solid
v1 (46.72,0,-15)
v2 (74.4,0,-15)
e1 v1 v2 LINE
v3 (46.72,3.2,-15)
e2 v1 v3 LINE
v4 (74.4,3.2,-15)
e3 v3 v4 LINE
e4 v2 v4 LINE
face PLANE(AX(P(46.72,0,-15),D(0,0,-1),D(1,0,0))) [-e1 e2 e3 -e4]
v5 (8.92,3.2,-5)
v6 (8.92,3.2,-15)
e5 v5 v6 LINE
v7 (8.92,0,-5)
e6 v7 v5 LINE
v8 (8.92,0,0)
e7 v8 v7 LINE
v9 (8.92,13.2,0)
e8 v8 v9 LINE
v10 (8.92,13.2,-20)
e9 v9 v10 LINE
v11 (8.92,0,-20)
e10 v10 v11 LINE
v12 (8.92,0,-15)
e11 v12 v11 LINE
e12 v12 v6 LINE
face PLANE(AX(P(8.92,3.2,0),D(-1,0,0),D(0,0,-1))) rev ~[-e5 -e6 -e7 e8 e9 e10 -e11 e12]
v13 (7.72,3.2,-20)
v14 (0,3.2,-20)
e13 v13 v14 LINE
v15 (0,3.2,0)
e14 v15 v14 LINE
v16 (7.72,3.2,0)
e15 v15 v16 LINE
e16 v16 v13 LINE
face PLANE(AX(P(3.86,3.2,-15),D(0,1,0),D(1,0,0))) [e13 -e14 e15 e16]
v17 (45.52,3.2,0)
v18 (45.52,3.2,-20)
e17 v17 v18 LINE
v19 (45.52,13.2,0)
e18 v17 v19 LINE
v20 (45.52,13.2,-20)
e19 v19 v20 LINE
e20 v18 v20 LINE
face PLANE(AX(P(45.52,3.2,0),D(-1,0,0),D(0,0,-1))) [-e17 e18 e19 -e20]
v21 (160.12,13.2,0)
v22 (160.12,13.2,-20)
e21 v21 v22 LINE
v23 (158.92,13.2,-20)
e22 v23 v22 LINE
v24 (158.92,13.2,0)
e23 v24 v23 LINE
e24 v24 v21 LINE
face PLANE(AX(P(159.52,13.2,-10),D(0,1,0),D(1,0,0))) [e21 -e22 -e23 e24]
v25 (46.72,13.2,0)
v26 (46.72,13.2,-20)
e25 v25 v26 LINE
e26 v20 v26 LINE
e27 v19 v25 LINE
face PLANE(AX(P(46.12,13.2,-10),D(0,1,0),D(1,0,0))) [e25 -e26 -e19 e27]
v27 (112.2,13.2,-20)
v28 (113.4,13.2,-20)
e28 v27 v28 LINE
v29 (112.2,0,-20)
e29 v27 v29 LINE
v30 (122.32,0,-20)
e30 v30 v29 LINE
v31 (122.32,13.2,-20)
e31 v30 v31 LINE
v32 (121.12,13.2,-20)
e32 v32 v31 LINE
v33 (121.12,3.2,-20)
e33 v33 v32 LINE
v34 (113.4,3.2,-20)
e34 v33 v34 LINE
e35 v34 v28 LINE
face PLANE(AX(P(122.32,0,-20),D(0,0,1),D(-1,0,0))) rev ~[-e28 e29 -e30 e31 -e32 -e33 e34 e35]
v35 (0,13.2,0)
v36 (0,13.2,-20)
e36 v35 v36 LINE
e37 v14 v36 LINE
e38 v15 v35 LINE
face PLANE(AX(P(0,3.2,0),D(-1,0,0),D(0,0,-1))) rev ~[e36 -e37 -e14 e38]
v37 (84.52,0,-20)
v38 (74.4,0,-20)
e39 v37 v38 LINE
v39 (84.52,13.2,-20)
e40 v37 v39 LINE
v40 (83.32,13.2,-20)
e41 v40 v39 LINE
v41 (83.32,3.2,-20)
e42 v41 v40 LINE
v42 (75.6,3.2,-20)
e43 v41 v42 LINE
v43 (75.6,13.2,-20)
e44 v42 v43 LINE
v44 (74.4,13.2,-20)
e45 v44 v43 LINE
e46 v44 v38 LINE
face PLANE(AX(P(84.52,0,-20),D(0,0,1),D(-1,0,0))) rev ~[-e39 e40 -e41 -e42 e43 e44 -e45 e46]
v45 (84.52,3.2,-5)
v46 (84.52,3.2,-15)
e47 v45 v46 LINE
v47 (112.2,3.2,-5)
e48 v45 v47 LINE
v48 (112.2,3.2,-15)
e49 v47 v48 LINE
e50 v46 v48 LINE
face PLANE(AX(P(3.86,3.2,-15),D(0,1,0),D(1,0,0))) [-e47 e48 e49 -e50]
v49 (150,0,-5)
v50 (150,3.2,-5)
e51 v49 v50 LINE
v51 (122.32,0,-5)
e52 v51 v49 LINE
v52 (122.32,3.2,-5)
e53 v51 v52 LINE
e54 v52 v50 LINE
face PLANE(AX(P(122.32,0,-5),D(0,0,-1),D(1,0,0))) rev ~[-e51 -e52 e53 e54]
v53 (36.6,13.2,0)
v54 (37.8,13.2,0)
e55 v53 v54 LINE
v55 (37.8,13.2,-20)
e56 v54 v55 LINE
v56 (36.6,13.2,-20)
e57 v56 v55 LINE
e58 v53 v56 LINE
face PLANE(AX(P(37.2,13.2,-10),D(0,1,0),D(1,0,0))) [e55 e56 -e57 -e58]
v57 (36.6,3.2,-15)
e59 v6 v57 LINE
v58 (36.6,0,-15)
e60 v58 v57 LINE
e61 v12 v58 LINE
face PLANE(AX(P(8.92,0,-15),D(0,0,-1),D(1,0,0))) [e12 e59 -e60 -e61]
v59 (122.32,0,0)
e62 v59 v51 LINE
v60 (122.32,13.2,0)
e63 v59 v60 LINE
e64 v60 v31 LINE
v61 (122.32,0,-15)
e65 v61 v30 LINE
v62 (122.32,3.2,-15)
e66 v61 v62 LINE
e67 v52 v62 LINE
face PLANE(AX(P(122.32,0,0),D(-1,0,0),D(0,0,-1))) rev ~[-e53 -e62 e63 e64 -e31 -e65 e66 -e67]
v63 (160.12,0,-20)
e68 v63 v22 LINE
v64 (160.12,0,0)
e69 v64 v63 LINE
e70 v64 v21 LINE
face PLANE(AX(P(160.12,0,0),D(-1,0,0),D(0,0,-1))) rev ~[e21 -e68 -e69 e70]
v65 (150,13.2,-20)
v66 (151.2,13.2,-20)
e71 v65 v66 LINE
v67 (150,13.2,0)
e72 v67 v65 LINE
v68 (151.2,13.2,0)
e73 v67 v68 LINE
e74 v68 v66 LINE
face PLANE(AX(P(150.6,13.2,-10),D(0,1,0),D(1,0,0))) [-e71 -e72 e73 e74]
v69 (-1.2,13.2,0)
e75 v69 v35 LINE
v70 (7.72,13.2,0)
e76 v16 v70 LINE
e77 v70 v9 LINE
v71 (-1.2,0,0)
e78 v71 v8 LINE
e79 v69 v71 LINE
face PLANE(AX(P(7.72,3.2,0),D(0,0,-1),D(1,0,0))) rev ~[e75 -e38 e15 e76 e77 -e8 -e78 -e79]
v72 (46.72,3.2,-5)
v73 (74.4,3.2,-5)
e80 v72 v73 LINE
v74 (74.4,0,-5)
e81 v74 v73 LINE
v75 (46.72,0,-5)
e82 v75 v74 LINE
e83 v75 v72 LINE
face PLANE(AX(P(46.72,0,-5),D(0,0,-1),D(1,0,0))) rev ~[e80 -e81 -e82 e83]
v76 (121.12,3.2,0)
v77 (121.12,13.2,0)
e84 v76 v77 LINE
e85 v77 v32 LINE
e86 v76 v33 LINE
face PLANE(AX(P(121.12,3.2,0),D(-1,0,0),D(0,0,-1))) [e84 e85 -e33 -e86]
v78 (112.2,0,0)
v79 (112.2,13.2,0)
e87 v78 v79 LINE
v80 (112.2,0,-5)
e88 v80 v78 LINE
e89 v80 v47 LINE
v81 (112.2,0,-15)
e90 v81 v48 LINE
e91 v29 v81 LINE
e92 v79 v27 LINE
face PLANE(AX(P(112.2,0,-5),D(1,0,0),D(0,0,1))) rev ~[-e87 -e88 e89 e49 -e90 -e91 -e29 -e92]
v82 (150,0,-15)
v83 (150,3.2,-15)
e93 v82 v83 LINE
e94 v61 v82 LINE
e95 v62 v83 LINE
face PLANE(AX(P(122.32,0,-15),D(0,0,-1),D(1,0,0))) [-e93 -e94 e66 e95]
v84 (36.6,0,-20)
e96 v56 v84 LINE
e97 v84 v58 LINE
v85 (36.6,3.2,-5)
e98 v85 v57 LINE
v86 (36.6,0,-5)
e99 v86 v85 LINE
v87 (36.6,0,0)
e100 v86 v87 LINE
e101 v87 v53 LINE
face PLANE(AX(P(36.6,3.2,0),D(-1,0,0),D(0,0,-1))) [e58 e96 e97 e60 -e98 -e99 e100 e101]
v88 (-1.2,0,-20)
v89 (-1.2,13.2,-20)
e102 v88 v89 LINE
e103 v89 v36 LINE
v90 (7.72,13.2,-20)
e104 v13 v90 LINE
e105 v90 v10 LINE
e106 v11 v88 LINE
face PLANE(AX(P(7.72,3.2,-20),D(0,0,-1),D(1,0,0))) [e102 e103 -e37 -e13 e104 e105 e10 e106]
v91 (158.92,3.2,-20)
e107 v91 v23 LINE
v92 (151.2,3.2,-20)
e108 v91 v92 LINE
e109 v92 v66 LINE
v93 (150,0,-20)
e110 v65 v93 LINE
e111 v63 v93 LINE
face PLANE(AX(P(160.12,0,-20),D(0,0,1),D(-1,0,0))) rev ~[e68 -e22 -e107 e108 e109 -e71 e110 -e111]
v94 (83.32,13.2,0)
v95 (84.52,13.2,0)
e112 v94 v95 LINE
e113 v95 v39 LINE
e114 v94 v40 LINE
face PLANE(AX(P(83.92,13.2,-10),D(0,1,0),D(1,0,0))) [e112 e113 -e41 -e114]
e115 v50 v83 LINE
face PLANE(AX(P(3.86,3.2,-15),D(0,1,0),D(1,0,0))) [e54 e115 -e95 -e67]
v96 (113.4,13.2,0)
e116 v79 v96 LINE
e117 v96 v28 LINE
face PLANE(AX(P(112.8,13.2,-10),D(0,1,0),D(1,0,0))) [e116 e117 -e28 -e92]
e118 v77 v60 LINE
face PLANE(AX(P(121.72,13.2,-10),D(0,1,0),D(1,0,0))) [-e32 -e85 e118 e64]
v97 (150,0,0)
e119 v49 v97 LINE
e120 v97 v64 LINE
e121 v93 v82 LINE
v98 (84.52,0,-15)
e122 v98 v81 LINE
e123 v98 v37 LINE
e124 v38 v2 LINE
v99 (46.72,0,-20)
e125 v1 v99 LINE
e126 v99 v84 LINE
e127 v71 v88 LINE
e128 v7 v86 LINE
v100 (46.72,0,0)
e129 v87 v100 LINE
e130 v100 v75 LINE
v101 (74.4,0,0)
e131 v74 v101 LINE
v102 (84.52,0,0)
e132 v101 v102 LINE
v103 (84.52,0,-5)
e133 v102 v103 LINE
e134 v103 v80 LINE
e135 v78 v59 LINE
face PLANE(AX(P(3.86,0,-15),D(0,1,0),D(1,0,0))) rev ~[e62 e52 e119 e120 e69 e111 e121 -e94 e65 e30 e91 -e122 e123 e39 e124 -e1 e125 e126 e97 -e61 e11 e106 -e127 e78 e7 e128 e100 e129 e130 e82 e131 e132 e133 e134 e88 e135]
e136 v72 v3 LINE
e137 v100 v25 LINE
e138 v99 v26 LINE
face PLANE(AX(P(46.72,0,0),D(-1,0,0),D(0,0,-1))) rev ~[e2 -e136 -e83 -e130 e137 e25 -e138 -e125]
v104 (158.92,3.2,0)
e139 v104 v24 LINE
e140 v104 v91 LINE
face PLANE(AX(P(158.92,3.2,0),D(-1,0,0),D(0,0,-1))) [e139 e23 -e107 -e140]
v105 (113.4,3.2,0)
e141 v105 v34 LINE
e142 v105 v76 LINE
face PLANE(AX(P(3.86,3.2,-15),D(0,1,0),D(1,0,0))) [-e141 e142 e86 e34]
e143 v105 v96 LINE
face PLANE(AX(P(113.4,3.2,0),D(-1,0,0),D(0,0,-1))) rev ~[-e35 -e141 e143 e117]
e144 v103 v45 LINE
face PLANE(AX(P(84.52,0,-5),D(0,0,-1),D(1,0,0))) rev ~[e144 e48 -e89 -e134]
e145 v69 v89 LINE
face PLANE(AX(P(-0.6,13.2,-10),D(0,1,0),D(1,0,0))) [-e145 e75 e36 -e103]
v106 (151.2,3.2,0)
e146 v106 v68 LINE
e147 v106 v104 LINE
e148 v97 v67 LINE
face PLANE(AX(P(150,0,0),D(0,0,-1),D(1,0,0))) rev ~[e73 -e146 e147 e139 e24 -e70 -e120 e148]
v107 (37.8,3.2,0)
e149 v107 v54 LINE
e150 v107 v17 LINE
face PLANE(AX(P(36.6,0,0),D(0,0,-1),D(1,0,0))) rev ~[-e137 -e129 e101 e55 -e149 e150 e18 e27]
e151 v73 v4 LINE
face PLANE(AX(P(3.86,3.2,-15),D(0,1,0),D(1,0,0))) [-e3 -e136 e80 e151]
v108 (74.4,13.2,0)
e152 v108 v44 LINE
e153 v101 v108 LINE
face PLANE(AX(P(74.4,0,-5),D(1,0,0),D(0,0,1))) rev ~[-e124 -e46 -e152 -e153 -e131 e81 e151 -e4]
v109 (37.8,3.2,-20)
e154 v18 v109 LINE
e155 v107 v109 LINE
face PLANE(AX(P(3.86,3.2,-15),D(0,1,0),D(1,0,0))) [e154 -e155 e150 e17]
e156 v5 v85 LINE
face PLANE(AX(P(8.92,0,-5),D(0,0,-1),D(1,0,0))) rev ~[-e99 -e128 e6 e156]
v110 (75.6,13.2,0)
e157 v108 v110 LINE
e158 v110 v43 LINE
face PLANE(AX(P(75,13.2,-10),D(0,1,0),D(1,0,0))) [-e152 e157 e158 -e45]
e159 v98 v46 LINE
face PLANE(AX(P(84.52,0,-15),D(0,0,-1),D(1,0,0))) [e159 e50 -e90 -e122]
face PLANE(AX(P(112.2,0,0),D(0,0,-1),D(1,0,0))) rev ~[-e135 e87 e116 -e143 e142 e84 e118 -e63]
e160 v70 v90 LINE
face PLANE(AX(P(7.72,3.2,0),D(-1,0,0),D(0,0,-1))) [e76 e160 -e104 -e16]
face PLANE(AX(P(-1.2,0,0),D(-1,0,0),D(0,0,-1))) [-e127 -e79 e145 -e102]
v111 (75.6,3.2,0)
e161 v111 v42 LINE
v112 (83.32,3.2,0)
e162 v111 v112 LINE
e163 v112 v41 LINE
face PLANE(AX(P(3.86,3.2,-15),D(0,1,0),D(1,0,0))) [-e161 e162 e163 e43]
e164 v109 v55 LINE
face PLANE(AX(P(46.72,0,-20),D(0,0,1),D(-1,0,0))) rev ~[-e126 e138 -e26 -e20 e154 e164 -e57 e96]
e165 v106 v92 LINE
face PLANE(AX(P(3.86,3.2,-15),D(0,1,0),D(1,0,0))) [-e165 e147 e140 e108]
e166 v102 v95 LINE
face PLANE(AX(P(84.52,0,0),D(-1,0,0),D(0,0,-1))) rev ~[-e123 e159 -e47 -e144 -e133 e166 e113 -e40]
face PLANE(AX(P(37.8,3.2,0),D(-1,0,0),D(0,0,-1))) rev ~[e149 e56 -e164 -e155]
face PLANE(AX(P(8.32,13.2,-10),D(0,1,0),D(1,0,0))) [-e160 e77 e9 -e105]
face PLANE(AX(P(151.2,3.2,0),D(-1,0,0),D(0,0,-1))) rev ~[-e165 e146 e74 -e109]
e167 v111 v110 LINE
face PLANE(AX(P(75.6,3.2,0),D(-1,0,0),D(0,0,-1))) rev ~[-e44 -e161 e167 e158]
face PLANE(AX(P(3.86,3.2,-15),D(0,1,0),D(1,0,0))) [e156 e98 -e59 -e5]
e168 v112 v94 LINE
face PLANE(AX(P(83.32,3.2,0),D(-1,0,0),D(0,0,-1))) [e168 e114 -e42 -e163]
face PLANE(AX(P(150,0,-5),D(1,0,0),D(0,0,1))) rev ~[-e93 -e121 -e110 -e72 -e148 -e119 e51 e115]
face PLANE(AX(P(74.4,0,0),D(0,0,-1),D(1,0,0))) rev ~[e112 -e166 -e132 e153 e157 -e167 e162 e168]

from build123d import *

# Parameters (mm, degrees)
SKIZZE1_W                       = 7.72
SKIZZE1_H                       = 10
SKIZZE1_W_2                     = 1.2
SKIZZE1_H_2                     = 20
SKIZZE1_W_3                     = 27.68
SKIZZE1_H_3                     = 5
AUFSATZ_LINEAR_AUSTRAGEN5_DEPTH = 3.2
SKIZZE2_W                       = 1.2
SKIZZE2_H                       = 20
AUFSATZ_LINEAR_AUSTRAGEN6_DEPTH = 10


with BuildPart() as part:
    # Skizze1 → Aufsatz-Linear austragen5 (new body)
    with BuildSketch(Plane(origin=(0, 0, 0), x_dir=(1, 0, 0), z_dir=(0, 1, 0))):
        with Locations((3.86, 15)):
            Rectangle(SKIZZE1_W, SKIZZE1_H)
        with Locations((-0.6, 10)):
            Rectangle(SKIZZE1_W_2, SKIZZE1_H_2)
        with Locations((3.86, 5)):
            Rectangle(SKIZZE1_W, SKIZZE1_H)
        Polygon((8.92, 20), (7.72, 20), (7.72, 10), (8.92, 10), (8.92, 15), align=None)
        Polygon((8.92, 10), (7.72, 10), (7.72, 0), (8.92, 0), (8.92, 5), align=None)
        with Locations((22.76, 12.5)):
            Rectangle(SKIZZE1_W_3, SKIZZE1_H_3)
        with Locations((22.76, 7.5)):
            Rectangle(SKIZZE1_W_3, SKIZZE1_H_3)
        Polygon((36.6, 20), (36.6, 15), (36.6, 10), (37.8, 10), (37.8, 20), align=None)
        Polygon((37.8, 10), (36.6, 10), (36.6, 5), (36.6, 0), (37.8, 0), align=None)
        with Locations((41.66, 15)):
            Rectangle(SKIZZE1_W, SKIZZE1_H)
        Polygon((45.52, 20), (45.52, 10), (46.72, 10), (46.72, 15), (46.72, 20), align=None)
        Polygon((46.72, 10), (45.52, 10), (45.52, 0), (46.72, 0), (46.72, 5), align=None)
        with Locations((41.66, 5)):
            Rectangle(SKIZZE1_W, SKIZZE1_H)
        with Locations((60.56, 12.5)):
            Rectangle(SKIZZE1_W_3, SKIZZE1_H_3)
        with Locations((60.56, 7.5)):
            Rectangle(SKIZZE1_W_3, SKIZZE1_H_3)
        with Locations((79.46, 15)):
            Rectangle(SKIZZE1_W, SKIZZE1_H)
        Polygon((74.4, 15), (74.4, 10), (75.6, 10), (75.6, 20), (74.4, 20), align=None)
        Polygon((75.6, 10), (74.4, 10), (74.4, 5), (74.4, 0), (75.6, 0), align=None)
        with Locations((79.46, 5)):
            Rectangle(SKIZZE1_W, SKIZZE1_H)
        Polygon((83.32, 20), (83.32, 10), (84.52, 10), (84.52, 15), (84.52, 20), align=None)
        Polygon((84.52, 10), (83.32, 10), (83.32, 0), (84.52, 0), (84.52, 5), align=None)
        with Locations((98.36, 12.5)):
            Rectangle(SKIZZE1_W_3, SKIZZE1_H_3)
        with Locations((98.36, 7.5)):
            Rectangle(SKIZZE1_W_3, SKIZZE1_H_3)
        with Locations((117.26, 15)):
            Rectangle(SKIZZE1_W, SKIZZE1_H)
        Polygon((112.2, 15), (112.2, 10), (113.4, 10), (113.4, 20), (112.2, 20), align=None)
        Polygon((113.4, 10), (112.2, 10), (112.2, 5), (112.2, 0), (113.4, 0), align=None)
        Polygon((121.12, 20), (121.12, 10), (122.32, 10), (122.32, 15), (122.32, 20), align=None)
        with Locations((117.26, 5)):
            Rectangle(SKIZZE1_W, SKIZZE1_H)
        Polygon((122.32, 10), (121.12, 10), (121.12, 0), (122.32, 0), (122.32, 5), align=None)
        with Locations((136.16, 12.5)):
            Rectangle(SKIZZE1_W_3, SKIZZE1_H_3)
        with Locations((136.16, 7.5)):
            Rectangle(SKIZZE1_W_3, SKIZZE1_H_3)
        Polygon((150, 15), (150, 10), (151.2, 10), (151.2, 20), (150, 20), align=None)
        Polygon((151.2, 10), (150, 10), (150, 5), (150, 0), (151.2, 0), align=None)
        with Locations((155.06, 15)):
            Rectangle(SKIZZE1_W, SKIZZE1_H)
        with Locations((159.52, 15)):
            Rectangle(SKIZZE1_W_2, SKIZZE1_H)
        with Locations((155.06, 5)):
            Rectangle(SKIZZE1_W, SKIZZE1_H)
        with Locations((159.52, 5)):
            Rectangle(SKIZZE1_W_2, SKIZZE1_H)
    extrude(amount=AUFSATZ_LINEAR_AUSTRAGEN5_DEPTH)

    # Skizze2 → Aufsatz-Linear austragen6 (add)
    with BuildSketch(Plane(origin=(0, 3.2, 0), x_dir=(1, 0, 0), z_dir=(0, 1, 0))):
        with Locations((8.32, 10)):
            Rectangle(SKIZZE2_W, SKIZZE2_H)
        with Locations((-0.6, 10)):
            Rectangle(SKIZZE2_W, SKIZZE2_H)
        with Locations((37.2, 10)):
            Rectangle(SKIZZE2_W, SKIZZE2_H)
        with Locations((46.12, 10)):
            Rectangle(SKIZZE2_W, SKIZZE2_H)
        with Locations((75, 10)):
            Rectangle(SKIZZE2_W, SKIZZE2_H)
        with Locations((83.92, 10)):
            Rectangle(SKIZZE2_W, SKIZZE2_H)
        with Locations((112.8, 10)):
            Rectangle(SKIZZE2_W, SKIZZE2_H)
        with Locations((121.72, 10)):
            Rectangle(SKIZZE2_W, SKIZZE2_H)
        with Locations((150.6, 10)):
            Rectangle(SKIZZE2_W, SKIZZE2_H)
        with Locations((159.52, 10)):
            Rectangle(SKIZZE2_W, SKIZZE2_H)
    extrude(amount=AUFSATZ_LINEAR_AUSTRAGEN6_DEPTH)


solid = part.part
